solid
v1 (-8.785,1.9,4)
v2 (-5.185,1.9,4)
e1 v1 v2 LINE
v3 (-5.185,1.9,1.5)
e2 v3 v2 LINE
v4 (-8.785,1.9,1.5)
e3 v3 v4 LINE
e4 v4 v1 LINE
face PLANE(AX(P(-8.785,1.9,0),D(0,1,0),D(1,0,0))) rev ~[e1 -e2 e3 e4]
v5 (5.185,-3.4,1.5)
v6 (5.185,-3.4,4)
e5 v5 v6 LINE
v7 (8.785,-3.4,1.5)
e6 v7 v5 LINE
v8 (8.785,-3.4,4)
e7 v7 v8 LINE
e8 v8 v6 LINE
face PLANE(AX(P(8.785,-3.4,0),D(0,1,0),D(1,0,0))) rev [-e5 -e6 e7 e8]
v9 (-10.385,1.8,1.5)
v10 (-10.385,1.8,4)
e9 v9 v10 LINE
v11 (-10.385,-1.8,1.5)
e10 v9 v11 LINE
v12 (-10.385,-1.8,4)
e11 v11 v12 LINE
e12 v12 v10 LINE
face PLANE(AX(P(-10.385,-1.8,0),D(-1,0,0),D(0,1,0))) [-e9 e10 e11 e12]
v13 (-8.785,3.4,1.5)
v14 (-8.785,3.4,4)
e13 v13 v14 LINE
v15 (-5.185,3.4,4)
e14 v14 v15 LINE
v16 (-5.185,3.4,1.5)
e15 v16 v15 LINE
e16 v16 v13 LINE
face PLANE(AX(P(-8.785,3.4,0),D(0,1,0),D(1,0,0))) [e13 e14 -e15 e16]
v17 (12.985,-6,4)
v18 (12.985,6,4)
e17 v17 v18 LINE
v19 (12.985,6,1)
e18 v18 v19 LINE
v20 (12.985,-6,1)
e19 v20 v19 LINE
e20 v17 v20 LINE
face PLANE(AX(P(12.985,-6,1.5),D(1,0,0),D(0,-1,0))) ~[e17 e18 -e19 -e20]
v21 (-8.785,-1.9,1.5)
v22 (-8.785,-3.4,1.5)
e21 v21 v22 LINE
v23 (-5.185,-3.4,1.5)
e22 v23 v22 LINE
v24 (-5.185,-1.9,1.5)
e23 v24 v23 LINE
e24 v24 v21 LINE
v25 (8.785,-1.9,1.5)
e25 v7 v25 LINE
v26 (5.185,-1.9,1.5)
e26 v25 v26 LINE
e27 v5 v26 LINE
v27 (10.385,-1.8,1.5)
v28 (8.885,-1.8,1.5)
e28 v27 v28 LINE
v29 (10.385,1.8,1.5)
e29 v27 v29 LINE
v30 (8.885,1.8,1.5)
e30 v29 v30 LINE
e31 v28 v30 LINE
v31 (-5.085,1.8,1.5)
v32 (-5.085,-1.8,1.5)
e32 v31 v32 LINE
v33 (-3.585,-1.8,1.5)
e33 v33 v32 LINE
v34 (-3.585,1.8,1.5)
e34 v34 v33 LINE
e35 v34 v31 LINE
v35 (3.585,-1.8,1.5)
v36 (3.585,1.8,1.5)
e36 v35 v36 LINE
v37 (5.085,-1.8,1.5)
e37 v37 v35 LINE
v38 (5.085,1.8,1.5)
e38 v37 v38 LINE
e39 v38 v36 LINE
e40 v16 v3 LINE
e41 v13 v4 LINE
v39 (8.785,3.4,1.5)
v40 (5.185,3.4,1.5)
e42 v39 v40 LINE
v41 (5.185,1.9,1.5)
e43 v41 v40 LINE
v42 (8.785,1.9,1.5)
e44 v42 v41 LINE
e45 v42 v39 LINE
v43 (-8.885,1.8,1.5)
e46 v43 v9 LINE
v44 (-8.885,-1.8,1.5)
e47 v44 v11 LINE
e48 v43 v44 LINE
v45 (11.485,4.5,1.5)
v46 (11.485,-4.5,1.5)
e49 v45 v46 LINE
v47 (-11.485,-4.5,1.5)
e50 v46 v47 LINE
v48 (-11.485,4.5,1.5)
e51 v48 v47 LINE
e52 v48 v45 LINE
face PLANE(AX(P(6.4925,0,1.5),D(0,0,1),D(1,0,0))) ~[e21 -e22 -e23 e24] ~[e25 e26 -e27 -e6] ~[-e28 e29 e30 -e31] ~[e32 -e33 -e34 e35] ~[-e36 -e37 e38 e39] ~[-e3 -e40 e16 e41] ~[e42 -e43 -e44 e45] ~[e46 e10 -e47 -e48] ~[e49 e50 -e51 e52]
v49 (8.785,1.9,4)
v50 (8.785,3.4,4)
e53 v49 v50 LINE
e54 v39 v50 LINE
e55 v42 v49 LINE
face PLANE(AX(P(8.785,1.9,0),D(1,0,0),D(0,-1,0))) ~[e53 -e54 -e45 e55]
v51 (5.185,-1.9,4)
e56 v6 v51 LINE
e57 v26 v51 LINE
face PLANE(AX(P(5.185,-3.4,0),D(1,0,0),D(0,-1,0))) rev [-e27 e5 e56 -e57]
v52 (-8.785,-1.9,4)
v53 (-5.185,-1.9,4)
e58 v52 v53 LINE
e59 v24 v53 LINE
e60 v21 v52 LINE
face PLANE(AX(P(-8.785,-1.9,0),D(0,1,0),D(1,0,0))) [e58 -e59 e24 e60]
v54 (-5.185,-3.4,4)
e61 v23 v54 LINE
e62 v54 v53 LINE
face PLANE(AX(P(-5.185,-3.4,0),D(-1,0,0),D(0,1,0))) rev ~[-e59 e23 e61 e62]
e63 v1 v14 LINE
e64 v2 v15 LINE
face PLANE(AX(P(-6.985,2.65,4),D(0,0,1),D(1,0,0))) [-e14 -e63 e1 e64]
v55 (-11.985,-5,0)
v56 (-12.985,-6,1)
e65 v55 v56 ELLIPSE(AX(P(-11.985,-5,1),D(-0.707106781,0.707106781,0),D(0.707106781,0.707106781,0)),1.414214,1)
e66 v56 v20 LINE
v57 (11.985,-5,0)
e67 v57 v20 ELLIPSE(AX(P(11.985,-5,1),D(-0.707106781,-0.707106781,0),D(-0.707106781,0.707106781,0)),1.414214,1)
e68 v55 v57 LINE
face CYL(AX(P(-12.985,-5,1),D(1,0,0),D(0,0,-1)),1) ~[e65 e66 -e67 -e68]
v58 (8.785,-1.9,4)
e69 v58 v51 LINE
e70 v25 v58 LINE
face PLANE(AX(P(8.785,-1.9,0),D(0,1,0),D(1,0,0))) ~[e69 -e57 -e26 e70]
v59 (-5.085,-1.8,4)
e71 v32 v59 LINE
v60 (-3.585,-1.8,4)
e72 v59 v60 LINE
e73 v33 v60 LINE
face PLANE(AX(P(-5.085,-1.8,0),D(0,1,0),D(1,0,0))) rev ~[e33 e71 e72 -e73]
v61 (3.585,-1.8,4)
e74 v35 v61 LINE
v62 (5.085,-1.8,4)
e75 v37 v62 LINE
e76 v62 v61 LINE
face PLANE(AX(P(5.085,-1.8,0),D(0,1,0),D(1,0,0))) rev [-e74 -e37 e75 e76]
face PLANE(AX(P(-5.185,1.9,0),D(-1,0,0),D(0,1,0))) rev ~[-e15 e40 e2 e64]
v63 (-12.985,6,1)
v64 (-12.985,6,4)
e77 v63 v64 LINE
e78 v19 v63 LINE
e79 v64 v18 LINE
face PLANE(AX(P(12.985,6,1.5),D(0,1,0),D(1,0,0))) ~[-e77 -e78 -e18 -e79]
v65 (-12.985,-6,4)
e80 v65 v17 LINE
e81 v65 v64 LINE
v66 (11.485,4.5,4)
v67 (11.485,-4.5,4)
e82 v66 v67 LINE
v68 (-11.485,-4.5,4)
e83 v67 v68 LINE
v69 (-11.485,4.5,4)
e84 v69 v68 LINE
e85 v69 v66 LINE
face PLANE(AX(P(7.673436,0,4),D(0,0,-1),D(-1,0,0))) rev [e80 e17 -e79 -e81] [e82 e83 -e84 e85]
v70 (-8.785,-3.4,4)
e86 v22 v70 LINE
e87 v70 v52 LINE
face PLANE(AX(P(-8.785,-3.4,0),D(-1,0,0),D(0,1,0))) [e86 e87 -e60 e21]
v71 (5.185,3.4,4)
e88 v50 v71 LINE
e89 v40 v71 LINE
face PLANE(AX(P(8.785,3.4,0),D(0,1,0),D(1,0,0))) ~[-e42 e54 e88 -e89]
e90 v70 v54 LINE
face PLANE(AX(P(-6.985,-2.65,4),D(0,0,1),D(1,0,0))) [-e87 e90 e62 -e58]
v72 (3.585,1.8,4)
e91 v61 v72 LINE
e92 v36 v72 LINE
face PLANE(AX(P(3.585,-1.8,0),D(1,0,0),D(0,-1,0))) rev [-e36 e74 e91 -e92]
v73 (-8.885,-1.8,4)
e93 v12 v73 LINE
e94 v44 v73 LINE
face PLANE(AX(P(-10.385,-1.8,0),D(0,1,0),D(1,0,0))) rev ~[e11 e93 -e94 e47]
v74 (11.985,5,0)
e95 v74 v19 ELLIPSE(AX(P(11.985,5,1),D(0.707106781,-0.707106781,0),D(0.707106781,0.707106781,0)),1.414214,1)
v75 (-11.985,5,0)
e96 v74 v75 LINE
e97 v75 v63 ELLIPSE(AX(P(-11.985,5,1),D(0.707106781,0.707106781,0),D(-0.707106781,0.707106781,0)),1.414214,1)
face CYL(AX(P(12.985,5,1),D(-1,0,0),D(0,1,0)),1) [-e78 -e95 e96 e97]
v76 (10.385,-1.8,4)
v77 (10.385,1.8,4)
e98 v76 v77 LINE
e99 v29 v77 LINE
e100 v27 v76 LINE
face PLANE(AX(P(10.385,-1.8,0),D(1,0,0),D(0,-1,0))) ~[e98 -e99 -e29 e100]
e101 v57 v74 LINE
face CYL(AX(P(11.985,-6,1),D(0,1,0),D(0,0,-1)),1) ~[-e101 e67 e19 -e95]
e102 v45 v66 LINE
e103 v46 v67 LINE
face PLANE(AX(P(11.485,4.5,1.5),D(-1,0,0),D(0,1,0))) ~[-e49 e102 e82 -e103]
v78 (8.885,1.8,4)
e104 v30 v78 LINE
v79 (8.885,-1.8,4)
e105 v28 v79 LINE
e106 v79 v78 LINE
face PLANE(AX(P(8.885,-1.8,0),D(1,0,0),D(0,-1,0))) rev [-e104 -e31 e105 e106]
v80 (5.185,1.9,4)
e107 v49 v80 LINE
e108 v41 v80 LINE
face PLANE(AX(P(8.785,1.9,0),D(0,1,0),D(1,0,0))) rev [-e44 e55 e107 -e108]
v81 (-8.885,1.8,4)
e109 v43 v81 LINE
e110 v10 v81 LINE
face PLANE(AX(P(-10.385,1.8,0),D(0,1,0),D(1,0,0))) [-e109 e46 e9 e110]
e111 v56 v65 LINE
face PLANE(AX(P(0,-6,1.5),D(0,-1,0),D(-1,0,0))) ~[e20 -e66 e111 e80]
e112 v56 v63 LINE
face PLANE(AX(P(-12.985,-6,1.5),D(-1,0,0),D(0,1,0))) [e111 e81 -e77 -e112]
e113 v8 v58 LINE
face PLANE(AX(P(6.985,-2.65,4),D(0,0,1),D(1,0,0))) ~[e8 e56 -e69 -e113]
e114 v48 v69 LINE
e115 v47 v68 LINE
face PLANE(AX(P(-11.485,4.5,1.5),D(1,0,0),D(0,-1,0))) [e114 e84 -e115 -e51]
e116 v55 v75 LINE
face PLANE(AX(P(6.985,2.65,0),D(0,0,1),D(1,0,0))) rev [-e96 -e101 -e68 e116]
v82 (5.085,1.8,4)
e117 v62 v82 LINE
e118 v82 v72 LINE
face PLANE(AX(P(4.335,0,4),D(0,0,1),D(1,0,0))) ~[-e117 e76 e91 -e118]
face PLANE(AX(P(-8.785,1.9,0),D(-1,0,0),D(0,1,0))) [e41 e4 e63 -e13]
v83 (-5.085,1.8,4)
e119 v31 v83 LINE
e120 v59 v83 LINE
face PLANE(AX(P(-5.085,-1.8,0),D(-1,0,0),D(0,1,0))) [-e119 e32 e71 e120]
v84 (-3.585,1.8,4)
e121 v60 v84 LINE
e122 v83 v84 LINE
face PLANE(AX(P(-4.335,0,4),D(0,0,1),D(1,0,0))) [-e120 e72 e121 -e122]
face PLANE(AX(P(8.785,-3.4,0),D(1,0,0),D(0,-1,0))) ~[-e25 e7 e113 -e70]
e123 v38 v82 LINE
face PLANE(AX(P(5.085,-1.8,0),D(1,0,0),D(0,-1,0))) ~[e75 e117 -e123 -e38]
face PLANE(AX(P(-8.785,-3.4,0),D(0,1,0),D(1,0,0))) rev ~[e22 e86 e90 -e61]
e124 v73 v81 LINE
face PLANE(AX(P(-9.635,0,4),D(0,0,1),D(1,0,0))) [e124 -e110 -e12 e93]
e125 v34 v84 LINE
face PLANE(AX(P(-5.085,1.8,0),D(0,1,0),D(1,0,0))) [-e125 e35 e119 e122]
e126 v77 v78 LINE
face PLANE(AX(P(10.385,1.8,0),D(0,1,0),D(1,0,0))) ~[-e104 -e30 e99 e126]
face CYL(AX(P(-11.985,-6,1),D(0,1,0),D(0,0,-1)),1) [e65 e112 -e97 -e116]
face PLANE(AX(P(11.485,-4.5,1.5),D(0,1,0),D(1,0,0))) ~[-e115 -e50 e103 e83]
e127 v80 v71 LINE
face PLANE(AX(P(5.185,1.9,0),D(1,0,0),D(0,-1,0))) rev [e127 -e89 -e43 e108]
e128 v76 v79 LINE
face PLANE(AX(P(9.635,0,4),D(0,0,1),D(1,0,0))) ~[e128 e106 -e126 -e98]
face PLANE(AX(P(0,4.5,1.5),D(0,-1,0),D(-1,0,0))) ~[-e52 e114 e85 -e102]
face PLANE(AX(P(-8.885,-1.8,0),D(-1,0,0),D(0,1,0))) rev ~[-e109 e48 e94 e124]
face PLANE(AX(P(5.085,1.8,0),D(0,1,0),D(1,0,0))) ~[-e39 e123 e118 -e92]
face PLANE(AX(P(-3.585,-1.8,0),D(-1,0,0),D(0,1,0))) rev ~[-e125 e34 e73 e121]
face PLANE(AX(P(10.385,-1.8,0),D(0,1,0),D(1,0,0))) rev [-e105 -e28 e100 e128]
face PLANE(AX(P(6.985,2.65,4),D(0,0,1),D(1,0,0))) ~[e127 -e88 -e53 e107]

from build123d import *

# Parameters (mm, degrees)
SKETCH_W      = 12.985
SKETCH_H      = 12
PAD_DEPTH     = 1.5
PAD001_DEPTH  = 2.5
SKETCH002_W   = 3.6
SKETCH002_H   = 1.5
SKETCH002_W_2 = 1.5
SKETCH002_H_2 = 3.6
PAD002_DEPTH  = 4
FILLET_R      = 1


with BuildPart() as part:
    # Sketch → Pad (new body)
    with BuildSketch(Plane.XY):
        with Locations((-6.4925, 0)):
            Rectangle(SKETCH_W, SKETCH_H)
    pad = extrude(amount=PAD_DEPTH)

    # Sketch001 → Pad001 (join)
    with BuildSketch(Plane.XY.offset(1.5)):
        Polygon((-12.985, 6), (0, 6), (0, 4.5), (-11.485, 4.5), (-11.485, -4.5), (0, -4.5), (0, -6), (-12.985, -6), align=None)
    pad001 = extrude(amount=PAD001_DEPTH)

    # Sketch002 → Pad002 (join)
    with BuildSketch(Plane.XY):
        with Locations((-6.985, 2.65)):
            Rectangle(SKETCH002_W, SKETCH002_H)
        with Locations((-6.985, -2.65)):
            Rectangle(SKETCH002_W, SKETCH002_H)
        with Locations((-9.635, 0)):
            Rectangle(SKETCH002_W_2, SKETCH002_H_2)
        with Locations((-4.335, 0)):
            Rectangle(SKETCH002_W_2, SKETCH002_H_2)
    pad002 = extrude(amount=PAD002_DEPTH)

    # Mirrored: Pad across Sketch V_Axis
    add(pad.mirror(Plane(origin=(0, 0, 0), x_dir=(0, 0, 1), z_dir=(1, 0, 0))))

    # Mirrored001: Pad002 across Sketch002 V_Axis
    add(pad002.mirror(Plane(origin=(0, 0, 0), x_dir=(0, 0, 1), z_dir=(1, 0, 0))))

    # Mirrored002: Pad001 across Sketch001 V_Axis
    add(pad001.mirror(Plane(origin=(0, 0, 1.5), x_dir=(0, 0, 1), z_dir=(1, 0, 0))))

    # Fillet
    fillet_edges = [part.edges().sort_by_distance(p)[0] for p in [
        (12.985, 0, 0),
        (0, -6, 0),
        (-12.985, 0, 0),
        (0, 6, 0),
    ]]
    fillet(fillet_edges, radius=FILLET_R)


solid = part.part
